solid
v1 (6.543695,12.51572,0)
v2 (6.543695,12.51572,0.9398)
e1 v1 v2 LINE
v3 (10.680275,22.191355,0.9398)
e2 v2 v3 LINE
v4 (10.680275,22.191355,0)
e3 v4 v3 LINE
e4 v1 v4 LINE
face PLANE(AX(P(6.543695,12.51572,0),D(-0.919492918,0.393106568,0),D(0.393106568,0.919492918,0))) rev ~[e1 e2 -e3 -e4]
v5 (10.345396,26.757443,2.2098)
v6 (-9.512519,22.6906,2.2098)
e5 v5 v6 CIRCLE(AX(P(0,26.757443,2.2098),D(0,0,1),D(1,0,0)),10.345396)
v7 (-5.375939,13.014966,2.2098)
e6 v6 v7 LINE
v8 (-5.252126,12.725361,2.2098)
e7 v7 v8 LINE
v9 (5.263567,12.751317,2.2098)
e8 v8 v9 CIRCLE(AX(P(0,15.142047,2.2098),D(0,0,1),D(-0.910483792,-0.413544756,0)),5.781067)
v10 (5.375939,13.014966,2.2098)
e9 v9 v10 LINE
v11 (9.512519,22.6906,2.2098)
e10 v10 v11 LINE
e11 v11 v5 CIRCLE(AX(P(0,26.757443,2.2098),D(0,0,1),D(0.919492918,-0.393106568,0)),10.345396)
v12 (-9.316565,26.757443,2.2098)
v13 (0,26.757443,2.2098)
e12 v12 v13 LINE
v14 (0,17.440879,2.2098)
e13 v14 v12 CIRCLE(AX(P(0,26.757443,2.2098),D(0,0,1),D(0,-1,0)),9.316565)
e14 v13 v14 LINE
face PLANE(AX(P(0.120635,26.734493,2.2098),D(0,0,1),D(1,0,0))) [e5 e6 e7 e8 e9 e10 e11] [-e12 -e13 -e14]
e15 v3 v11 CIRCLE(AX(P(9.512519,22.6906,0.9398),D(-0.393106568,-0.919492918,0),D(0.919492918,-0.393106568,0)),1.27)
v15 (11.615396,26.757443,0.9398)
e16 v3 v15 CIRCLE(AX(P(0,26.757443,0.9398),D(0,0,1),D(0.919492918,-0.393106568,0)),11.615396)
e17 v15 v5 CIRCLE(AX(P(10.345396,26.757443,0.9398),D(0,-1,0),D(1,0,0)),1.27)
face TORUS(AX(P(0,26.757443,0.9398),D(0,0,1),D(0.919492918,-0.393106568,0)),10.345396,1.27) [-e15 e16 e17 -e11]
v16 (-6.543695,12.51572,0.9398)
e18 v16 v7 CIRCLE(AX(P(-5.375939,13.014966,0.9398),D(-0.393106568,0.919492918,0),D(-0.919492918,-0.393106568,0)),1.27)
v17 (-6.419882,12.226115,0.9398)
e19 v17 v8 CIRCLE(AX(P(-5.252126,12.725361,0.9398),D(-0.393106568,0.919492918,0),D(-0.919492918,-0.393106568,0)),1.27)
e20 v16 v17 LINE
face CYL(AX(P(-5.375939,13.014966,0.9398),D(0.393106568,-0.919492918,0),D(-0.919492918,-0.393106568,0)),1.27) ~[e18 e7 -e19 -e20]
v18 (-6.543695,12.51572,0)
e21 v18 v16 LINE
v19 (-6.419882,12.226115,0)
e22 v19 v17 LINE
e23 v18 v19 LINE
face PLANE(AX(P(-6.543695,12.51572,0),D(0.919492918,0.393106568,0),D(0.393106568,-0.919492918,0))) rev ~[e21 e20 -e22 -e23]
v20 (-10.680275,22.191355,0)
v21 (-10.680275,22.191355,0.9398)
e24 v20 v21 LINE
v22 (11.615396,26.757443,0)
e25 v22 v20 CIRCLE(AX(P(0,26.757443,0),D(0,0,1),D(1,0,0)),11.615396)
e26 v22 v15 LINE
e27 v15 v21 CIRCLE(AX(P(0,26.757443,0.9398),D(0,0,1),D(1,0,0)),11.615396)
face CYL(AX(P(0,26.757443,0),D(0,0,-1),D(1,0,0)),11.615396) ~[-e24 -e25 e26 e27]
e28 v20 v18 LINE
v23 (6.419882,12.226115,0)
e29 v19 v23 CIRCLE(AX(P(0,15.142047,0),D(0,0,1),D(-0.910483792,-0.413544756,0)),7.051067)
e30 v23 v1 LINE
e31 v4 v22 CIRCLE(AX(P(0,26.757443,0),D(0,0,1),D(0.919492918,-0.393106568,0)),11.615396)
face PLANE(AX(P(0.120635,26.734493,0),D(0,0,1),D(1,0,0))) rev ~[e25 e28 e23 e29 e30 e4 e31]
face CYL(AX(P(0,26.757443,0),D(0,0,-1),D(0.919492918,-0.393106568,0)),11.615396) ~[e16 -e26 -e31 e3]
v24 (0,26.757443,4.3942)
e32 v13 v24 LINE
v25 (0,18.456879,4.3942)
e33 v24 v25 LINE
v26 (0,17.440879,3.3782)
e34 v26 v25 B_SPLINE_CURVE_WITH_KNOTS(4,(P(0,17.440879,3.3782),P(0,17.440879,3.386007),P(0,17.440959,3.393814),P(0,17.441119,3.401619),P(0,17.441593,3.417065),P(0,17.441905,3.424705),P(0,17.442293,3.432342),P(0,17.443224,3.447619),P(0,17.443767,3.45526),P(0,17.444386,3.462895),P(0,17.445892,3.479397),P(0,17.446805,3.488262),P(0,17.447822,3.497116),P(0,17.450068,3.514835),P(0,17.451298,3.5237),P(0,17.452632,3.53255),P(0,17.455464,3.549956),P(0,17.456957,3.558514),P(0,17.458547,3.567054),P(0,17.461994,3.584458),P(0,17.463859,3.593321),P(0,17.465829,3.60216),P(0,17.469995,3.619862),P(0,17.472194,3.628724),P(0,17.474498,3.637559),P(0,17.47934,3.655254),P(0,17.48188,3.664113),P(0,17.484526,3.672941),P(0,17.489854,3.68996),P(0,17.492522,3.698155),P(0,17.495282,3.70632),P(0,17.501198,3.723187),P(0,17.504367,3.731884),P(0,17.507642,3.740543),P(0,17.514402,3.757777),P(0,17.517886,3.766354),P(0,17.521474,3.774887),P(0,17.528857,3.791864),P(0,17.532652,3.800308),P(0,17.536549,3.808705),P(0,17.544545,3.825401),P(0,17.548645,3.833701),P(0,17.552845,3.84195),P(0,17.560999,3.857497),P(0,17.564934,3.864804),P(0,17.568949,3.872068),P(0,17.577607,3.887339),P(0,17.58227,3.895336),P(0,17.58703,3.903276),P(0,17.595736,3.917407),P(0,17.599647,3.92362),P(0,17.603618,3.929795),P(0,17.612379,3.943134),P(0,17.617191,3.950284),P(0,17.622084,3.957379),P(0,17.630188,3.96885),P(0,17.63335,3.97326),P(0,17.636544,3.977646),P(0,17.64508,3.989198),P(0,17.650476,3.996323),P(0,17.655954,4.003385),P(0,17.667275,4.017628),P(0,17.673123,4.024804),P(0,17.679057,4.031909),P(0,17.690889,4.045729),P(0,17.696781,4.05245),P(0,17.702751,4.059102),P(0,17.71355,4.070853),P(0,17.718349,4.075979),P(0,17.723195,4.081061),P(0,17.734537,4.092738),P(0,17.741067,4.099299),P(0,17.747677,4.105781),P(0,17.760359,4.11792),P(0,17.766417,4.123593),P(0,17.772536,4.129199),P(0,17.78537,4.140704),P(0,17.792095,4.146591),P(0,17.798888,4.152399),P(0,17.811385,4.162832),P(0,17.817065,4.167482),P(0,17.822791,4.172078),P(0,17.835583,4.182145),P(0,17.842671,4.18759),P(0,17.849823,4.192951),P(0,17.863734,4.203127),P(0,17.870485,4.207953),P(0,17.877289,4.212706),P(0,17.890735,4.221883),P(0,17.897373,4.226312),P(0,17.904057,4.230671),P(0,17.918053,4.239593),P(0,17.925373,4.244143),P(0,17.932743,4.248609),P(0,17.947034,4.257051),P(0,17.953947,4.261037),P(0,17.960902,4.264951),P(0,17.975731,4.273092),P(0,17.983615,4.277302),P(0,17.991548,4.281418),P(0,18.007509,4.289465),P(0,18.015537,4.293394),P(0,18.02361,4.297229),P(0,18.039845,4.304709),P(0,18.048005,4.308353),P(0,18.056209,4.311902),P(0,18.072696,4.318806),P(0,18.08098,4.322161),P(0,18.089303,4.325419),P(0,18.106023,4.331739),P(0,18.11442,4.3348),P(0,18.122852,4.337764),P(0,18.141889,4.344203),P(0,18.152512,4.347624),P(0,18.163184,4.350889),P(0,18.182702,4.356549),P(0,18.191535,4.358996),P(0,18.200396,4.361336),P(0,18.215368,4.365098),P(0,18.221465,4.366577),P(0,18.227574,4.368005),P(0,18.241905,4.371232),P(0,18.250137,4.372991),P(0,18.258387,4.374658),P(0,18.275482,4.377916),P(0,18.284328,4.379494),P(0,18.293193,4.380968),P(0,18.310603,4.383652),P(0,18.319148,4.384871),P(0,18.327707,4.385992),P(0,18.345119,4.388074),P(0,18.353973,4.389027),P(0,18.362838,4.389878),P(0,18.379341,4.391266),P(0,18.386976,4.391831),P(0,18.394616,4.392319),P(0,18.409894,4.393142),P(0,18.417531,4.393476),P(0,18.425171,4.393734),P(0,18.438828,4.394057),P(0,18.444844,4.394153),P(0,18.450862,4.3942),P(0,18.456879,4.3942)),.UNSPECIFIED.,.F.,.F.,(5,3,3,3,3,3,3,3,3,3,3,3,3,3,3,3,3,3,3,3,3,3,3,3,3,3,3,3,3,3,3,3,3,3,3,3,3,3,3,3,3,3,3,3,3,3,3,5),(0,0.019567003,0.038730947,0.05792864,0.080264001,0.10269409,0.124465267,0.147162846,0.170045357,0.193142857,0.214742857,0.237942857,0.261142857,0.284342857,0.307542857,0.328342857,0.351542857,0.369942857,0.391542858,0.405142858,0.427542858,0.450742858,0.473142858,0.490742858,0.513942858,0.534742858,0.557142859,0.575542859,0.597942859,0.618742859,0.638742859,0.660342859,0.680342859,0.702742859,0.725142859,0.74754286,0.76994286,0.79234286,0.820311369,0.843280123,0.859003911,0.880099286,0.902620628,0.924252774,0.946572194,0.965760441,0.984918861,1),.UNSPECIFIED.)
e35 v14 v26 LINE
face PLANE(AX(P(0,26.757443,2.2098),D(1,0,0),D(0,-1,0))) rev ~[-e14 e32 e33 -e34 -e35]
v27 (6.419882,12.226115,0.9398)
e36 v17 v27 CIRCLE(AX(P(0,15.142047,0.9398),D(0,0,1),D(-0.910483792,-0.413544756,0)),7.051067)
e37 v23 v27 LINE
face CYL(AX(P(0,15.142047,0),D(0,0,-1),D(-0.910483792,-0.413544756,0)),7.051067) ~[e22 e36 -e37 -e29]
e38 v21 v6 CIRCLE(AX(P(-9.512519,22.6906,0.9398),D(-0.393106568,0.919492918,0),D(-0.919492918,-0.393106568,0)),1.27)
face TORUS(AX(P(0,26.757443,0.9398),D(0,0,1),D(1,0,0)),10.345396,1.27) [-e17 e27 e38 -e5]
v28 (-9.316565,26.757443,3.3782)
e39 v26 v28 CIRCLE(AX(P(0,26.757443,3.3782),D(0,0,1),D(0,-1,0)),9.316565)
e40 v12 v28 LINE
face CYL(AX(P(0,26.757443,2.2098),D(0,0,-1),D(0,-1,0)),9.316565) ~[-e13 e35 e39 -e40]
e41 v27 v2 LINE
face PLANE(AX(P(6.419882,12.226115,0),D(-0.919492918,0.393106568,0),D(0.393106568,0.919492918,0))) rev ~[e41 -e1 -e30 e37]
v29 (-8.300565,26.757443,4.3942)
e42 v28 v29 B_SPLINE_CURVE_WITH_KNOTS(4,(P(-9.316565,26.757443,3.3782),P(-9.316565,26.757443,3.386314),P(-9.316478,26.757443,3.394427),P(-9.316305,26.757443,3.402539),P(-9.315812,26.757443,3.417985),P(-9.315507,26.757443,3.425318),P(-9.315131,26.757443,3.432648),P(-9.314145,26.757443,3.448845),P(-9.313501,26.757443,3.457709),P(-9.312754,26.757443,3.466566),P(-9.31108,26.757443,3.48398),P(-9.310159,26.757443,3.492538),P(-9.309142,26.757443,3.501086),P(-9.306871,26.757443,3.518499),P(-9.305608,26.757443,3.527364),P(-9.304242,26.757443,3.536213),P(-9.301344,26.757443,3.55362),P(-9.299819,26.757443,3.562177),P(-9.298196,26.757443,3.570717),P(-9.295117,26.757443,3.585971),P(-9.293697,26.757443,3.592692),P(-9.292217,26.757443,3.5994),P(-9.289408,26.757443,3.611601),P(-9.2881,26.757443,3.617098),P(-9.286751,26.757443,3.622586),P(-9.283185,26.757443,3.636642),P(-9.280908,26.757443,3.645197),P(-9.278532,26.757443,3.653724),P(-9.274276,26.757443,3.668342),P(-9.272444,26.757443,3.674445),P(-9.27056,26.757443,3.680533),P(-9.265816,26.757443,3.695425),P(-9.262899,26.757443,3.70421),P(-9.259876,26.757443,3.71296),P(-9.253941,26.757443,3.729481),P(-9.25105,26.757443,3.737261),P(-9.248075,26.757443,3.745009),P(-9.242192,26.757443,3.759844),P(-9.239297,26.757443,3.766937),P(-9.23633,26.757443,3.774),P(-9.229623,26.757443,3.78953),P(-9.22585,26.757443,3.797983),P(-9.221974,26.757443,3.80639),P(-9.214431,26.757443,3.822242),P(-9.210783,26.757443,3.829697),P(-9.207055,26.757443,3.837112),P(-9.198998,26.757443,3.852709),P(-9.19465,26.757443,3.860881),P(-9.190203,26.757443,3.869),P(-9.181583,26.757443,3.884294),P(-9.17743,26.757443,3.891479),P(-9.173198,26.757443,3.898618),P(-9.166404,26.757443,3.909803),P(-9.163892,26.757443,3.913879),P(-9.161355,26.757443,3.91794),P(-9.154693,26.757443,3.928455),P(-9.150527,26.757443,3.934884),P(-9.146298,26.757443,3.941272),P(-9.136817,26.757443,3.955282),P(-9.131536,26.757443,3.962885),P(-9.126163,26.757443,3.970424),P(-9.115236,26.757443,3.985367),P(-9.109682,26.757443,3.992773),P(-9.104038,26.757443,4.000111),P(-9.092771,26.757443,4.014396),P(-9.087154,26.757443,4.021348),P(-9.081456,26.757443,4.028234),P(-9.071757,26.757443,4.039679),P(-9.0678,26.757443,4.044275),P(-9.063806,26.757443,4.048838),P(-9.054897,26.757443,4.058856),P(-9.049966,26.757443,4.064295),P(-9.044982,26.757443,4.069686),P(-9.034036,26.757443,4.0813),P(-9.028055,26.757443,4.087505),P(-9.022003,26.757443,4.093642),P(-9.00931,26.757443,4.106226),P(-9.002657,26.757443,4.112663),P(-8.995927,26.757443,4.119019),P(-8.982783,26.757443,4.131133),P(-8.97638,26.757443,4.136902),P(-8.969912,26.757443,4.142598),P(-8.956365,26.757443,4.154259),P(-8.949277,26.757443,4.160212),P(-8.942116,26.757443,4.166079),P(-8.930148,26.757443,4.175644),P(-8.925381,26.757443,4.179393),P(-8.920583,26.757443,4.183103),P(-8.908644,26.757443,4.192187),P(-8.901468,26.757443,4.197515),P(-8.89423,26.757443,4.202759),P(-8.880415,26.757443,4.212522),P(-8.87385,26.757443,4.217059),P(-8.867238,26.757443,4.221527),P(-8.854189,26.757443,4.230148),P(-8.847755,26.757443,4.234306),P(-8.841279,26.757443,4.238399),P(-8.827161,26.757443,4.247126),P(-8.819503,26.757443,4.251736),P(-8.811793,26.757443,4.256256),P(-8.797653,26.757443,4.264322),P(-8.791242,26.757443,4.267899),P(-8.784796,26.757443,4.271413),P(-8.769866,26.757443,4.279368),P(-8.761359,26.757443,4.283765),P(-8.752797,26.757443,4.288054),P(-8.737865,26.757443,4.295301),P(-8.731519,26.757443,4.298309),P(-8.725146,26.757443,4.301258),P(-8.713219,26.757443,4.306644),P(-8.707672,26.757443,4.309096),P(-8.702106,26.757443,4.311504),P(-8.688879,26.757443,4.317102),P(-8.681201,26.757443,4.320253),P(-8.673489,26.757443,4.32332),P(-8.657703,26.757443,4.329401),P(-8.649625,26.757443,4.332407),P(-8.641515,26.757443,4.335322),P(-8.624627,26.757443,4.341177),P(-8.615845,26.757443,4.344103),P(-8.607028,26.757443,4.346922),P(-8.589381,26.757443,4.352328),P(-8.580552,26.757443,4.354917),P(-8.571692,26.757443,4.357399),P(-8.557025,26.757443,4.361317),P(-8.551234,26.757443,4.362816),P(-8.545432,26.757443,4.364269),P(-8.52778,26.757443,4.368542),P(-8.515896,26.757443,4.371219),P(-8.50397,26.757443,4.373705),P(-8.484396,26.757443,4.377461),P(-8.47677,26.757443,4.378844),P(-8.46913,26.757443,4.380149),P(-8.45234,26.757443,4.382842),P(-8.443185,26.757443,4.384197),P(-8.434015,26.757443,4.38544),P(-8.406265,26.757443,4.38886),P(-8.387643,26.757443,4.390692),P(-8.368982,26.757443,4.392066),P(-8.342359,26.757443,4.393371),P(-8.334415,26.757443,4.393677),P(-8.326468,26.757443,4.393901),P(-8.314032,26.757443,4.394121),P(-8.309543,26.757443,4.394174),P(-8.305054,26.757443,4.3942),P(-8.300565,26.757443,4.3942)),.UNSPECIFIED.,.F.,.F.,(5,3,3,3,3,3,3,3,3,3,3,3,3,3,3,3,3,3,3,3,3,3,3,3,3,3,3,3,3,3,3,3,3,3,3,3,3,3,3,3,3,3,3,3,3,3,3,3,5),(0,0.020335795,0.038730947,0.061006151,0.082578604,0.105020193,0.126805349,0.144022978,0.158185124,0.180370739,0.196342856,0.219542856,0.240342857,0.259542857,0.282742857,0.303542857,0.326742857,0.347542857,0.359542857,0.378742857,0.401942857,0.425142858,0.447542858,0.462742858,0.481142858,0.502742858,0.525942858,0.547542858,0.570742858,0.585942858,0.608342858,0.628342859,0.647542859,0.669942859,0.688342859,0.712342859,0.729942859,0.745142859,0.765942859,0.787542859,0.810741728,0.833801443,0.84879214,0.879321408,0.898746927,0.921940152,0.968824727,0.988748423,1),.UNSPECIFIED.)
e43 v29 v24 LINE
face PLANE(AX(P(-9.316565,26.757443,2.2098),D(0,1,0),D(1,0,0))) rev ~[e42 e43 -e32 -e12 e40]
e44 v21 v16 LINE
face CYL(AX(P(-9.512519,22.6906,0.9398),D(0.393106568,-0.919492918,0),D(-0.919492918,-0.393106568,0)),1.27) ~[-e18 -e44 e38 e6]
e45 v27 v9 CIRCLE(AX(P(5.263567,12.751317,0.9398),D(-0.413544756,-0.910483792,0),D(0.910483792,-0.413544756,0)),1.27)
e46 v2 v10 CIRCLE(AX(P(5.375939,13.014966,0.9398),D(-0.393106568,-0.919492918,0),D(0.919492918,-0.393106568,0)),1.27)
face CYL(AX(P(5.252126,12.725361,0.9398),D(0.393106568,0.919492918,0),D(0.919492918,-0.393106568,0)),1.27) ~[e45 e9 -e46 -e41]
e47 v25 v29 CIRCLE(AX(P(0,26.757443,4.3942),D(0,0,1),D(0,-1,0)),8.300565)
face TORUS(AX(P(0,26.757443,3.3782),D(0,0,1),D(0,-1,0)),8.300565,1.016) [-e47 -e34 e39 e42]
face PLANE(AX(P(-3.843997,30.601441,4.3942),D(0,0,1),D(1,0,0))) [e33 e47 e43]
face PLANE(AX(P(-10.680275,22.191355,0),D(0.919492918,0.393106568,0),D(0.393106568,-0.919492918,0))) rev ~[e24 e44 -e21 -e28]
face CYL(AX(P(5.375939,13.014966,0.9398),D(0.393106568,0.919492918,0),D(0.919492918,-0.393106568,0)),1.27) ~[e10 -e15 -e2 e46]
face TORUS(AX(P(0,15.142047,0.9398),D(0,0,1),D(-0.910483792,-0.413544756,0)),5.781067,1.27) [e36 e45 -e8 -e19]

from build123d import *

# Parameters (mm, degrees)
F1_DEPTH = 2.2098
F2_R     = 1.27
F4_DEPTH = 2.1844
F5_R     = 1.016


with BuildPart() as f1:
    # F0 (on Top) → F1 (new body)
    with BuildSketch(Plane.XY):
        with BuildLine():
            ThreePointArc((10.680274663, 22.1913547378), (11.3792147126, 24.4270132399), (11.6153963278, 26.7574433237))
            ThreePointArc((11.6153963278, 26.7574433237), (-2.3304300838, 38.1366580363), (-10.680274663, 22.1913547378))
            ThreePointArc((-10.680274663, 22.1913547378), (-9.0390071452, 19.4626656245), (-6.7184275333, 17.282203837))
            ThreePointArc((-6.7184275333, 17.282203837), (0, 22.1931135695), (6.7184275333, 17.282203837))
            ThreePointArc((6.7184275333, 17.282203837), (9.0390071452, 19.4626656245), (10.680274663, 22.1913547378))
        make_face()
        with BuildLine():
            ThreePointArc((6.7184275333, 17.282203837), (0, 22.1931135695), (-6.7184275333, 17.282203837))
            ThreePointArc((-6.7184275333, 17.282203837), (0, 15.142046996), (6.7184275333, 17.282203837))
        make_face()
        with BuildLine():
            ThreePointArc((6.7184275333, 17.282203837), (0, 15.142046996), (-6.7184275333, 17.282203837))
            ThreePointArc((-6.7184275333, 17.282203837), (-7.0463335637, 14.8837387803), (-6.5436952619, 12.5157202562))
            Line((-6.5436952619, 12.5157202562), (-6.4198818287, 12.2261153899))
            Line((-6.4198818287, 12.2261153899), (6.4198818287, 12.2261153899))
            Line((6.4198818287, 12.2261153899), (6.5436952619, 12.5157202562))
            ThreePointArc((6.5436952619, 12.5157202562), (6.9230618499, 13.8046037456), (7.0510665736, 15.142046996))
            ThreePointArc((7.0510665736, 15.142046996), (6.9674105531, 16.2249735904), (6.7184275333, 17.282203837))
        make_face()
        with BuildLine():
            ThreePointArc((-6.7184275333, 17.282203837), (-9.0390071452, 19.4626656245), (-10.680274663, 22.1913547378))
            Line((-10.680274663, 22.1913547378), (-6.5436952619, 12.5157202562))
            ThreePointArc((-6.5436952619, 12.5157202562), (-7.0463335637, 14.8837387803), (-6.7184275333, 17.282203837))
        make_face()
        with BuildLine():
            Line((6.4198818287, 12.2261153899), (-6.4198818287, 12.2261153899))
            ThreePointArc((-6.4198818287, 12.2261153899), (0, 8.0909804224), (6.4198818287, 12.2261153899))
        make_face()
        with BuildLine():
            Line((6.5436952619, 12.5157202562), (10.680274663, 22.1913547378))
            ThreePointArc((10.680274663, 22.1913547378), (9.0390071452, 19.4626656245), (6.7184275333, 17.282203837))
            ThreePointArc((6.7184275333, 17.282203837), (6.9674105531, 16.2249735904), (7.0510665736, 15.142046996))
            ThreePointArc((7.0510665736, 15.142046996), (6.9230618499, 13.8046037456), (6.5436952619, 12.5157202562))
        make_face()
    extrude(amount=F1_DEPTH)

    # F2
    f2_edges = [f1.edges().sort_by_distance(p)[0] for p in [
        (8.550078, 17.208735, 2.2098),
        (0, 38.37284, 2.2098),
        (-8.550078, 17.208735, 2.2098),
        (0, 8.09098, 2.2098),
    ]]
    fillet(f2_edges, radius=F2_R)

    # F3 (on face) → F4 (join)
    with BuildSketch(Plane.XY.offset(2.2098)):
        with BuildLine():
            Line((0, 26.7574433237), (0, 36.074007986))
            ThreePointArc((0, 36.074007986), (-6.5878060501, 33.3452493738), (-9.3165646623, 26.7574433237))
            Line((-9.3165646623, 26.7574433237), (0, 26.7574433237))
        make_face()
        with BuildLine():
            ThreePointArc((9.3165646623, 26.7574433237), (6.5878060501, 33.3452493738), (0, 36.074007986))
            Line((0, 36.074007986), (0, 26.7574433237))
            Line((0, 26.7574433237), (0, 17.4408786614))
            ThreePointArc((0, 17.4408786614), (6.5878060501, 20.1696372737), (9.3165646623, 26.7574433237))
        make_face()
    extrude(amount=F4_DEPTH)

    # F5
    f5_edges = [f1.edges().sort_by_distance(p)[0] for p in [
        (6.587806, 33.345249, 4.3942),
    ]]
    fillet(f5_edges, radius=F5_R)


solid = f1.part
